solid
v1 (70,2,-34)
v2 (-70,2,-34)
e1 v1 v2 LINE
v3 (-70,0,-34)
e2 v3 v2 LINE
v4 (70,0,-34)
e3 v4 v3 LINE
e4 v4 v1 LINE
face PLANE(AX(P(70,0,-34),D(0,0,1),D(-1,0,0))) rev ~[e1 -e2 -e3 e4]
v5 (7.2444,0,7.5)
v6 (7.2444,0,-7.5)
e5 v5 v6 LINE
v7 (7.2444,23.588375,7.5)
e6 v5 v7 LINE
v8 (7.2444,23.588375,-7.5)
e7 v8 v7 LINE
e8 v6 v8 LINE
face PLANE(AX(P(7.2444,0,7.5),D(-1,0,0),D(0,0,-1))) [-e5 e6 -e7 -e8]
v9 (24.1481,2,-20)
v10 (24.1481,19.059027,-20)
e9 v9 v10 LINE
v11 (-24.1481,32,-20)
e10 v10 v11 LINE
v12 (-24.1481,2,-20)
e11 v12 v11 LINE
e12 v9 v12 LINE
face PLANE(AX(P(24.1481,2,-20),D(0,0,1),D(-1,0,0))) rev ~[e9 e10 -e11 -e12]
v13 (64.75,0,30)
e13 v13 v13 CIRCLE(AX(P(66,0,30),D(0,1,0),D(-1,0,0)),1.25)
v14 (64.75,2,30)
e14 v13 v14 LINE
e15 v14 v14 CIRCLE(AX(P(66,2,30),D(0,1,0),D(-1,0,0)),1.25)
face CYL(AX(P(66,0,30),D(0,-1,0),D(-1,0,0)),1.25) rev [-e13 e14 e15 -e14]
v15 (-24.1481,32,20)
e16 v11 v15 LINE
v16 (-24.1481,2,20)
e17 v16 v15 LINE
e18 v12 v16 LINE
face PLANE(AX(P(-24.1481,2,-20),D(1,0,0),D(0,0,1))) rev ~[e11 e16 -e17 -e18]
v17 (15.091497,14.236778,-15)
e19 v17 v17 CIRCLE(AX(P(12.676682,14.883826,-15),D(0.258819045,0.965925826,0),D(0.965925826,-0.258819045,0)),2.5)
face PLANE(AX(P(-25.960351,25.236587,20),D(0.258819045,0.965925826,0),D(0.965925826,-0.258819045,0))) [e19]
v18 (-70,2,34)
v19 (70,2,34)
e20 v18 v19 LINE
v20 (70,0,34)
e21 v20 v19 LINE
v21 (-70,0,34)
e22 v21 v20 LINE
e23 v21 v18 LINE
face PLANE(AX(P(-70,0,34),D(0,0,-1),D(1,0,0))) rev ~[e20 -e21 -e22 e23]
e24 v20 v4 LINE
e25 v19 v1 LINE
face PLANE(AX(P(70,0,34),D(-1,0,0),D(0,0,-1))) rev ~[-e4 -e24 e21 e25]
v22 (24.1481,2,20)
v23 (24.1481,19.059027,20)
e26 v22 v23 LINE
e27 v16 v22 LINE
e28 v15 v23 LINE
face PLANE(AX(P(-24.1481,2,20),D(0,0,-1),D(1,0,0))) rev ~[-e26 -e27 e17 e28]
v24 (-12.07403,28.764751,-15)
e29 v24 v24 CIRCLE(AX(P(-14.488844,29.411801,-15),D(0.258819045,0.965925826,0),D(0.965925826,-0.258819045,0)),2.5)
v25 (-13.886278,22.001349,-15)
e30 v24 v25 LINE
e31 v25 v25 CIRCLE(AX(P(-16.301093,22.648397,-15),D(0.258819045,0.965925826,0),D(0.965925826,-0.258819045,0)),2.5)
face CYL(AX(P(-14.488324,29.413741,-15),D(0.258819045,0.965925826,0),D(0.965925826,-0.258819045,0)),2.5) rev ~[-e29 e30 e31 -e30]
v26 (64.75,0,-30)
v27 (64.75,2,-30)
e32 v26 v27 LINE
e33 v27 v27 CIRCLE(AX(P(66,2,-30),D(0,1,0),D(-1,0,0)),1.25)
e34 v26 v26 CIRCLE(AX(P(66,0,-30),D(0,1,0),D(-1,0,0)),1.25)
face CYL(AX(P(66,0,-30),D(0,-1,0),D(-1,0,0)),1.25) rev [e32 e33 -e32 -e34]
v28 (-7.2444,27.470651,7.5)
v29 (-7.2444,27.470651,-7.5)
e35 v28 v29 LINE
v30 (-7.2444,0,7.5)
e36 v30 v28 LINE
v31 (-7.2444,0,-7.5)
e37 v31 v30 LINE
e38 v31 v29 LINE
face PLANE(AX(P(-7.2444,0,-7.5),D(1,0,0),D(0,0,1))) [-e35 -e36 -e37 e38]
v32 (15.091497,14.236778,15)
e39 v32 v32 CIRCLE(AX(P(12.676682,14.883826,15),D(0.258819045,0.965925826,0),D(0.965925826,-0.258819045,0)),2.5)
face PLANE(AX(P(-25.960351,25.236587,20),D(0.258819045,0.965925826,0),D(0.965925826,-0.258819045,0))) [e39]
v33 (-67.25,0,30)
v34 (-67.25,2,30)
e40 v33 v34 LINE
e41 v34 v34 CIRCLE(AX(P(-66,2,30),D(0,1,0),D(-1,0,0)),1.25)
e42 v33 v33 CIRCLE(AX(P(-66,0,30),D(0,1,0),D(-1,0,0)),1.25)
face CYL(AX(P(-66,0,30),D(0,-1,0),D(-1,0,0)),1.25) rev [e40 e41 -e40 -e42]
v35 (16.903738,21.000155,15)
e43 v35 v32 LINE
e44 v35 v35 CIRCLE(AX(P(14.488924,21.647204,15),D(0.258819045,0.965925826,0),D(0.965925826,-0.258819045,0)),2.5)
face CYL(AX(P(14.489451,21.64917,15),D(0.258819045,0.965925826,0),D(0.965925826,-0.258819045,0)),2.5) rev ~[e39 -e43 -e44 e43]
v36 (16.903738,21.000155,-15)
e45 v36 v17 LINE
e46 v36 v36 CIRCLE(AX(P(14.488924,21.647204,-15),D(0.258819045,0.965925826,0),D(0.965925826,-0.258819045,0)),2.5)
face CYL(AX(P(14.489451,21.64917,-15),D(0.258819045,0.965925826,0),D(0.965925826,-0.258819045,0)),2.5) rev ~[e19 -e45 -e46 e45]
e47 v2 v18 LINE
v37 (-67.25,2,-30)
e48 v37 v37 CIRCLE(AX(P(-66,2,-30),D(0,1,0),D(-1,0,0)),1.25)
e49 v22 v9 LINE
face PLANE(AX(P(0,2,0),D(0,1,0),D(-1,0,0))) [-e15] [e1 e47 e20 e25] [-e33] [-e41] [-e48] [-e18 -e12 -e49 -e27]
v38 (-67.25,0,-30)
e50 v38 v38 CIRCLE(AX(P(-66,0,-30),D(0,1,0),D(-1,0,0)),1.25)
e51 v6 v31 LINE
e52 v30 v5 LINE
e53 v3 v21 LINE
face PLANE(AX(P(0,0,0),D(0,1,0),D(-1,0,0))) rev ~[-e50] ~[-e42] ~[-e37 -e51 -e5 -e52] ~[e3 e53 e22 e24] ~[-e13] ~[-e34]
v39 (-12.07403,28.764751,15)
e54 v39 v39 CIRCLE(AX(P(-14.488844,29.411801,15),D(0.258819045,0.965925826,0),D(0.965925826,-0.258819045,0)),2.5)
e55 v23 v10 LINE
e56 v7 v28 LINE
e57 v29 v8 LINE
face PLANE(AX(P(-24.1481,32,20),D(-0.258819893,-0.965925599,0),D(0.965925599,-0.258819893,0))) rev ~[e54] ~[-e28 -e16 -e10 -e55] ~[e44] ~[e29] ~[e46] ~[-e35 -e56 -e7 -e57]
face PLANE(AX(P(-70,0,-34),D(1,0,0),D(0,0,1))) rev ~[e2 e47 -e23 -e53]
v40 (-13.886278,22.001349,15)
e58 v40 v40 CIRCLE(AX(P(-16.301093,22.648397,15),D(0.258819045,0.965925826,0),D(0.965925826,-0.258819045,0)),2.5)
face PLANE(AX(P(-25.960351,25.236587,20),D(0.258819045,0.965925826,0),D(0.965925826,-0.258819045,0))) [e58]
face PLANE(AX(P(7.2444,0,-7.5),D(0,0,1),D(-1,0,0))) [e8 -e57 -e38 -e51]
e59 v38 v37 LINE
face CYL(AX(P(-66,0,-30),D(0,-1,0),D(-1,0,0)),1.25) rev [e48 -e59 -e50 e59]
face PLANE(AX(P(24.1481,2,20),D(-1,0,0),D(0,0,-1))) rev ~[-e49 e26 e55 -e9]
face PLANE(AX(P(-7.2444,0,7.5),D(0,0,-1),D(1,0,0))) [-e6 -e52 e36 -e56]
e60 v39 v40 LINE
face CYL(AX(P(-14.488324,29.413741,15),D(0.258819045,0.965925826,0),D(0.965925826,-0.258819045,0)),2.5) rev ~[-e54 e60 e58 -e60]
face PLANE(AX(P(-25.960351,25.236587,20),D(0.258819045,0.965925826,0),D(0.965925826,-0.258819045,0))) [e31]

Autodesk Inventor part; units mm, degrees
ref_plane "YZ Plane" through (0, 0, 0) normal (1, 0, 0) x (0, 1, 0)
ref_plane "XZ Plane" through (0, 0, 0) normal (0, 1, 0) x (-1, 0, 0)
ref_plane "XY Plane" through (0, 0, 0) normal (0, 0, 1) x (1, 0, 0)
sketch "Sketch1" plane through (0, 0, 0) normal (0, 1, 0) x (-1, 0, 0)
  line L0 (70, 34) -> (-70, 34)
  line L1 (-70, 34) -> (-70, -34)
  line L2 (-70, -34) -> (70, -34)
  line L3 (70, -34) -> (70, 34)
  line L4 (70, 0) -> (-70, 0) construction
  line L5 (0, 34) -> (0, -34) construction
  line L6 (70, 34) -> (66, 34) construction
  line L7 (66, 34) -> (66, 30) construction
  line L8 (66, 30) -> (70, 30) construction
  line L9 (70, 30) -> (70, 34) construction
  circle A0 centre (66, 30) radius 1.25
  circle A1 centre (66, -30) radius 1.25
  circle A2 centre (-66, 30) radius 1.25
  circle A3 centre (-66, -30) radius 1.25
  point P0 (0, 0)
  point P1 (0, 0)
  dimension "d0" = 68
  dimension "d1" = 140
  dimension "d4" = 4
  dimension "d5" = 4
  dimension "d6" = 2.5
extrude "Extrusion1" add sketch "Sketch1" along normal blind 2
sketch "Sketch2" plane through (0, 2, 0) normal (0, 1, 0) x (1, 0, 0)
  line L0 (-24.1481, -20) -> (24.1481, -20)
  line L1 (24.1481, -20) -> (24.1481, 20)
  line L2 (24.1481, 20) -> (-24.1481, 20)
  line L3 (-24.1481, 20) -> (-24.1481, -20)
  line L4 (-24.1481, 0) -> (24.1481, 0) construction
  line L5 (0, -20) -> (0, 20) construction
  point P0 (0, 0)
  point P1 (0, 0)
  dimension "d7" = 48.2963
  dimension "d8" = 40
extrude "Extrusion2" add sketch "Sketch2" along normal blind 30
sketch "Sketch3" plane through (-24.1481, 2, 20) normal (0, 0, 1) x (1, 0, 0)
  line L0 (0, 0) -> (0, 30) projected
  line L1 (0, 30) -> (48.2963, 17.059)
  line L2 (48.2963, 0) -> (48.2963, 30) projected
  line L3 (0, 30) -> (48.2963, 30) projected
  point P0 (24.1481, -2)
  dimension "d11" = 15
extrude "Extrusion3" cut sketch "Sketch3" against normal up to next
sketch "Sketch5" plane through (-24.1481, 32, 20) normal (0.2588, 0.9659, 0) x (0.9659, -0.2588, 0)
  line L0 (40, 5) -> (10, 5) construction
  line L1 (10, 5) -> (10, 35) construction
  line L2 (10, 35) -> (40, 35) construction
  line L3 (40, 35) -> (40, 5) construction
  line L4 (50, 40) -> (50, 0) construction
  line L5 (50, 20) -> (0, 20) construction
  line L6 (0, 40) -> (0, 0) construction
  line L7 (7.7646, 40) -> (0, 40) construction
  line L8 (7.7646, 0) -> (0, 0) construction
  line L9 (40, 20) -> (10, 20) construction
  circle A0 centre (40, 5) radius 2.5
  circle A1 centre (40, 35) radius 2.5
  circle A2 centre (10, 35) radius 2.5
  circle A3 centre (10, 5) radius 2.5
  point P0 (31.6075, 20)
  point P1 (25, 20)
  dimension "d18" = 30
  dimension "d19" = 30
  dimension "d20" = 5
  dimension "d21" = 5
  dimension "d22" = 5
  dimension "d23" = 5
extrude "Extrusion5" cut sketch "Sketch5" against normal blind 7
sketch "Sketch6" plane through (0, 0, 0) normal (0, -1, 0) x (1, 0, 0)
  line L0 (-24.1481, -20) -> (24.1481, -20) projected
  line L1 (24.1481, -20) -> (24.1481, 20) projected
  line L2 (-24.1481, 20) -> (-24.1481, -20) projected
  line L3 (24.1481, 20) -> (-24.1481, 20) projected
  line L4 (-7.2444, 7.5) -> (7.2444, 7.5)
  line L5 (7.2444, 7.5) -> (7.2444, -7.5)
  line L6 (7.2444, -7.5) -> (-7.2444, -7.5)
  line L7 (-7.2444, -7.5) -> (-7.2444, 7.5)
  line L8 (0, -7.5) -> (0, 7.5) construction
  point P0 (0, 0)
  point P1 (0, 0)
  dimension "d26" = 14.4889
  dimension "d27" = 15
extrude "Extrusion6" cut sketch "Sketch6" against normal up to next contours L4 L5 L6 L7
properties part number "touchscreen_support"
